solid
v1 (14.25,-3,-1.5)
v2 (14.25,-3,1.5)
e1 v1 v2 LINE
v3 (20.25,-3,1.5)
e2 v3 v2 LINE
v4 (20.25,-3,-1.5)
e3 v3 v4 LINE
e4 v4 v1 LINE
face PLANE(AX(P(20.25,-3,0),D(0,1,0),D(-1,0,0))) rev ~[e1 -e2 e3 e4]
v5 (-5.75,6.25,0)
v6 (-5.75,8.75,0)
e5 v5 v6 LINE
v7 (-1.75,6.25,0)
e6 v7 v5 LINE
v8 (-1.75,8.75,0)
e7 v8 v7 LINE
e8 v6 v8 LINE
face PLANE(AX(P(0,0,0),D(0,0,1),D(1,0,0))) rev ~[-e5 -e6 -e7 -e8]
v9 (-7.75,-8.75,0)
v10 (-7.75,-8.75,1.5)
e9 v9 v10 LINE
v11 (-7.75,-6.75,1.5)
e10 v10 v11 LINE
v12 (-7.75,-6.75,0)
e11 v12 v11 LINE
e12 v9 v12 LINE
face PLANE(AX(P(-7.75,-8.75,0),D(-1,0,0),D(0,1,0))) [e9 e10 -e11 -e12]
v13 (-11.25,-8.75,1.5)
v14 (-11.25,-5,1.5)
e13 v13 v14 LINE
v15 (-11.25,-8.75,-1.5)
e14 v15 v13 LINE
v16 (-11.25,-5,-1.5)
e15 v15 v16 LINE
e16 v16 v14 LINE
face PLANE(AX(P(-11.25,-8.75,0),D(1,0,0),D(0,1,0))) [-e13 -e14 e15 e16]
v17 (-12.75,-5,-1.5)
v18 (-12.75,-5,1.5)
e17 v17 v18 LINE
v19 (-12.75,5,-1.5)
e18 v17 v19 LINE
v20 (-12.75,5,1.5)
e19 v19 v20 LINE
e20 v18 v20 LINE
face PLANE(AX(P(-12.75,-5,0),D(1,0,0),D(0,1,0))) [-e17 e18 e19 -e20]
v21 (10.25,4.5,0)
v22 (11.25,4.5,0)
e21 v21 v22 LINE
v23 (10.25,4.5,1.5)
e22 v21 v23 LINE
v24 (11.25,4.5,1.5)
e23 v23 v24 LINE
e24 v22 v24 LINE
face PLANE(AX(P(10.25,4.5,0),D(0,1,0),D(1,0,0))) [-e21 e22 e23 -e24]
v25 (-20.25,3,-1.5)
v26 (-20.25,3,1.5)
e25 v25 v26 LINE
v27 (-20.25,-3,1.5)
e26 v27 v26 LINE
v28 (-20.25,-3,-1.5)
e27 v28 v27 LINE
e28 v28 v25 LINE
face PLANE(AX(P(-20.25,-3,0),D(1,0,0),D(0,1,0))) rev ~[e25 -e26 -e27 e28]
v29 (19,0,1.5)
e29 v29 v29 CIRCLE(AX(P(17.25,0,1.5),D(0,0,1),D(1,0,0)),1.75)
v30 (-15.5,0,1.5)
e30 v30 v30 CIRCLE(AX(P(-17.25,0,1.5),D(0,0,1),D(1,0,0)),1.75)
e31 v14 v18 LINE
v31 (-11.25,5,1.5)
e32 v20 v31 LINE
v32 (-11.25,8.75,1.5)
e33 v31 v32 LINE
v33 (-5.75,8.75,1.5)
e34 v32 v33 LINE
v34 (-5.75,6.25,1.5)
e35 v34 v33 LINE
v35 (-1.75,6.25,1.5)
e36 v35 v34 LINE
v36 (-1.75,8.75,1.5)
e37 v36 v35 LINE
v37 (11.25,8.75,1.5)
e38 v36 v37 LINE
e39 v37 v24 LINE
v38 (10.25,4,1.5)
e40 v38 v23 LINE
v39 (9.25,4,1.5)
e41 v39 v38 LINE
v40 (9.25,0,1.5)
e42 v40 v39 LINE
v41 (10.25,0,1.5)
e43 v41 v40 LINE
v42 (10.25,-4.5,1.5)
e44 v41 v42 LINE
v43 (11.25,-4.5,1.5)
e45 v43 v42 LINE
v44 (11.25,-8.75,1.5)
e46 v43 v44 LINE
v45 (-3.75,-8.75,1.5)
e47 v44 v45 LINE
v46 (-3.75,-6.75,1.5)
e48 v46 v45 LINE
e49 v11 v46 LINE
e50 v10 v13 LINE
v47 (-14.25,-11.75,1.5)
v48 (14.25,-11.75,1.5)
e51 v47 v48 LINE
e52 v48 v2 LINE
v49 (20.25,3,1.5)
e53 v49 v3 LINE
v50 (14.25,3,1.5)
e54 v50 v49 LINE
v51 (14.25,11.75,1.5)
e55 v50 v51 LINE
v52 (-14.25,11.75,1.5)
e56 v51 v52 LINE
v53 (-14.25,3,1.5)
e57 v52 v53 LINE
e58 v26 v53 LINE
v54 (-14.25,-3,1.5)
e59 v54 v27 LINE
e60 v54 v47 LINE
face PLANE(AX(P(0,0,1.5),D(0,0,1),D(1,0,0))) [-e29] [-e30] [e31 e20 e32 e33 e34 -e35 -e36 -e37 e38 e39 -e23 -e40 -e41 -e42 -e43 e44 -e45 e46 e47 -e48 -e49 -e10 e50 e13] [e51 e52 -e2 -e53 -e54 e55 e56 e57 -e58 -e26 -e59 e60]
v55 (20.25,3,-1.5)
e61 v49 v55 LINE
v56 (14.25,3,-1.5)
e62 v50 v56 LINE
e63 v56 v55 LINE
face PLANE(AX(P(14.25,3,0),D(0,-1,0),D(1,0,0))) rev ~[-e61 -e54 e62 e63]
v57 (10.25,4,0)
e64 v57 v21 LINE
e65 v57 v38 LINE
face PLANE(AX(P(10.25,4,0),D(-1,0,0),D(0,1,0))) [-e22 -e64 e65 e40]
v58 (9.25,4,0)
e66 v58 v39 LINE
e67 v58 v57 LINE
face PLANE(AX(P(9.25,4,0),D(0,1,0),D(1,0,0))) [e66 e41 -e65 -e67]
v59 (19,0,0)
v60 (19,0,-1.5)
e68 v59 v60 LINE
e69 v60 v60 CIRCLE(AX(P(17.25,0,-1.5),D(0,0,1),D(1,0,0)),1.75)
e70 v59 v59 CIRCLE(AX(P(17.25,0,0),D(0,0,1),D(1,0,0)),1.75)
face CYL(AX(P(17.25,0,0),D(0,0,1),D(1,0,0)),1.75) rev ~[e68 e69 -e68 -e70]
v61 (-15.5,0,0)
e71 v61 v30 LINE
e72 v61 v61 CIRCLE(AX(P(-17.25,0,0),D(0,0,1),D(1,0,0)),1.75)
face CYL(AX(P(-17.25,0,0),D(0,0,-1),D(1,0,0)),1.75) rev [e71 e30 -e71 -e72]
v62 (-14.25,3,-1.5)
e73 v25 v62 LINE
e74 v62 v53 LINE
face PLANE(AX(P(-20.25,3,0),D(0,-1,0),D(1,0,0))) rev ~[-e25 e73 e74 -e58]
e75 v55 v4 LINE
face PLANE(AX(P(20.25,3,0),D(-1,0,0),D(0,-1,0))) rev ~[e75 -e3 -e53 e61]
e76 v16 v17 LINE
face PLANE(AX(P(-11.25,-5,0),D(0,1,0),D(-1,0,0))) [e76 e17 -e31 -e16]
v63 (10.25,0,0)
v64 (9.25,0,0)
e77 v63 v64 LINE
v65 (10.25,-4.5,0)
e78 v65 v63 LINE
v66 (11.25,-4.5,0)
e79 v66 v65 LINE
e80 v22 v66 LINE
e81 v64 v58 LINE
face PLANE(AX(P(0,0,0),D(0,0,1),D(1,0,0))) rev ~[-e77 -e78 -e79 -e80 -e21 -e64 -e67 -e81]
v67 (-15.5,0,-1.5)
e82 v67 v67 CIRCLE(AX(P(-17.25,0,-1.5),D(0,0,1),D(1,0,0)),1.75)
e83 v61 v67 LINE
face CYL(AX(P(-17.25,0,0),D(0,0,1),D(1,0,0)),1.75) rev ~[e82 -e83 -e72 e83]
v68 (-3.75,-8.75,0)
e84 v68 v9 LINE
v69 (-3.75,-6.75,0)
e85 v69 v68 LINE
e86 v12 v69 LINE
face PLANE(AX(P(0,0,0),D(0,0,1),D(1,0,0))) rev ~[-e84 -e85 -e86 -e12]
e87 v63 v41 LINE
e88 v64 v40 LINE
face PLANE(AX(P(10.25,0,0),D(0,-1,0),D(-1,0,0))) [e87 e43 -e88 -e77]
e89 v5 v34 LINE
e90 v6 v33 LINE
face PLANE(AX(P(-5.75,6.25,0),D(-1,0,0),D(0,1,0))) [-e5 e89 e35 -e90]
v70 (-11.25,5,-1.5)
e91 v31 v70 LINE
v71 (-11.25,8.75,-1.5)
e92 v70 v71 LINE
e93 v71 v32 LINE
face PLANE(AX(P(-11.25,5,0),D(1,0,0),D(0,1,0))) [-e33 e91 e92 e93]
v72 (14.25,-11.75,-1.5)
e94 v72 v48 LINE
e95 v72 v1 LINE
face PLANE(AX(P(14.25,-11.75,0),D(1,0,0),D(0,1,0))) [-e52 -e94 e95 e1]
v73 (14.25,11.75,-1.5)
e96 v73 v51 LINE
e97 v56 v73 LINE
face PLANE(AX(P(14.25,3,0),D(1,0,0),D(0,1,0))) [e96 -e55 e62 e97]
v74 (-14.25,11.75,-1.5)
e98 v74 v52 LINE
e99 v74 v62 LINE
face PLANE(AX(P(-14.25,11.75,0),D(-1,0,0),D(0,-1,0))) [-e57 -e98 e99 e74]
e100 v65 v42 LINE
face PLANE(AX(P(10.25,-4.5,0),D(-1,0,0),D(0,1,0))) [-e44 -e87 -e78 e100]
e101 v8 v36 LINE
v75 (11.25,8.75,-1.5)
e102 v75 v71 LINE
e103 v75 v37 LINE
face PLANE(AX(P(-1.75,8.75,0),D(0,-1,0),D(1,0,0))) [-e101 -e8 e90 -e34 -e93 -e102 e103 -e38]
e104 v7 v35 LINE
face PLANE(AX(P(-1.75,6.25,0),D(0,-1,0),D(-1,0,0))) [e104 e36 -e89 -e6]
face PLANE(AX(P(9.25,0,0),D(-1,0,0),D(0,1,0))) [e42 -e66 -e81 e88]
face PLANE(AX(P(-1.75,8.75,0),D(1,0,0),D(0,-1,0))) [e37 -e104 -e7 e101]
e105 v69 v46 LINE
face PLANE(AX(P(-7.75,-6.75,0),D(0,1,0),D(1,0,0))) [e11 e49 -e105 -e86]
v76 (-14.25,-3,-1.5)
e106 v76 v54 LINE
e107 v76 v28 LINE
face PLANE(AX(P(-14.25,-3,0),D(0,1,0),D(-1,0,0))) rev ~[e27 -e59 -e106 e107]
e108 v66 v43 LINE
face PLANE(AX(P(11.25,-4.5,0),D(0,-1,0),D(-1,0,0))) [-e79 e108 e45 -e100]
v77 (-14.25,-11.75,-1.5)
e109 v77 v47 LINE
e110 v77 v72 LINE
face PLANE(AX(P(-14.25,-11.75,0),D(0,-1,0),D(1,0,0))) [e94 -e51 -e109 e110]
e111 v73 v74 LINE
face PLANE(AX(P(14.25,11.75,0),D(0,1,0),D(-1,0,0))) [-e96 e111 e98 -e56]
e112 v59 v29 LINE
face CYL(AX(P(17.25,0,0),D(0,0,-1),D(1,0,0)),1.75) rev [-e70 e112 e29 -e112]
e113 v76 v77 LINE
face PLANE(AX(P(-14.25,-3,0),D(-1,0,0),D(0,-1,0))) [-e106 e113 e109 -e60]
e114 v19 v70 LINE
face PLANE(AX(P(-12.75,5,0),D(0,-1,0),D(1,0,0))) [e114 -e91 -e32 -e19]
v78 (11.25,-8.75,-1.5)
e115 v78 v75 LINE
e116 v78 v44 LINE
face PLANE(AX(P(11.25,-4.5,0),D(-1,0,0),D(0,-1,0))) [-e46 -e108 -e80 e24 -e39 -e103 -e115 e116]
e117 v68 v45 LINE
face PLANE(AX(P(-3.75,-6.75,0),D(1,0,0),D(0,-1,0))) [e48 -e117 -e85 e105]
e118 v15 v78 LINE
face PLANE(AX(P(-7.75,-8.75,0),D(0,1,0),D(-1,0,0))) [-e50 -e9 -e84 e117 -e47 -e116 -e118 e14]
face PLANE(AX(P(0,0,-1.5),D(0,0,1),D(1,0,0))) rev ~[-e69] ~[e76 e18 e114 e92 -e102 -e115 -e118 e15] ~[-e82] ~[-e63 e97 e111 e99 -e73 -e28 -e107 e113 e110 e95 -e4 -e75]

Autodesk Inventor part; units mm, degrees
ref_plane "YZ Plane" through (0, 0, 0) normal (1, 0, 0) x (0, 1, 0)
ref_plane "XZ Plane" through (0, 0, 0) normal (0, 1, 0) x (-1, 0, 0)
ref_plane "XY Plane" through (0, 0, 0) normal (0, 0, 1) x (1, 0, 0)
sketch "shape" plane through (0, 0, 0) normal (0, 0, 1) x (1, 0, 0)
  line L0 (-11.25, 8.75) -> (11.25, 8.75)
  line L1 (11.25, 8.75) -> (11.25, -8.75)
  line L2 (11.25, -8.75) -> (-11.25, -8.75)
  line L3 (-11.25, -8.75) -> (-11.25, 8.75)
  line L4 (14.25, 11.75) -> (-14.25, 11.75)
  line L5 (-14.25, 11.75) -> (-14.25, -11.75)
  line L6 (-14.25, -11.75) -> (14.25, -11.75)
  line L7 (14.25, -11.75) -> (14.25, 11.75)
  line L8 (-12.75, 5) -> (-11.25, 5)
  line L9 (-11.25, 5) -> (-11.25, -5)
  line L10 (-11.25, -5) -> (-12.75, -5)
  line L11 (-12.75, -5) -> (-12.75, 5)
  line L12 (-7.75, -6.75) -> (-3.75, -6.75)
  line L13 (-3.75, -6.75) -> (-3.75, -8.75)
  line L14 (-3.75, -8.75) -> (-7.75, -8.75)
  line L15 (-7.75, -8.75) -> (-7.75, -6.75)
  line L16 (10.25, 4.5) -> (11.25, 4.5)
  line L17 (11.25, 4.5) -> (11.25, -4.5)
  line L18 (11.25, -4.5) -> (10.25, -4.5)
  line L19 (10.25, -4.5) -> (10.25, 4.5)
  line L20 (10.25, 1.5) -> (10.25, -1.5)
  line L21 (-5.75, 8.75) -> (-1.75, 8.75)
  line L22 (-1.75, 8.75) -> (-1.75, 6.25)
  line L23 (-1.75, 6.25) -> (-5.75, 6.25)
  line L24 (-5.75, 6.25) -> (-5.75, 8.75)
  line L25 (-20.25, 3) -> (-14.25, 3)
  line L26 (-14.25, 3) -> (-14.25, -3)
  line L27 (-14.25, -3) -> (-20.25, -3)
  line L28 (-20.25, -3) -> (-20.25, 3)
  line L29 (14.25, 3) -> (20.25, 3)
  line L30 (20.25, 3) -> (20.25, -3)
  line L31 (20.25, -3) -> (14.25, -3)
  line L32 (14.25, -3) -> (14.25, 3)
  circle A0 centre (-17.25, 0) radius 1.75
  circle A1 centre (17.25, 0) radius 1.75
  line L33 (9.25, 4) -> (10.25, 4)
  line L34 (10.25, 4) -> (10.25, 0)
  line L35 (10.25, 0) -> (9.25, 0)
  line L36 (9.25, 0) -> (9.25, 4)
  point P0 (0, 0)
  point P1 (0, 8.75)
  point P2 (11.25, 0)
  point P3 (-12.75, 0)
  point P4 (10.25, 0)
  point P5 (-14.25, 0)
  point P6 (14.25, 0)
  point P7 (-14.25, 0)
  point P8 (14.25, 0)
  point P9 (17.25, 3)
  point P10 (-17.25, 3)
  dimension "d0" = 22.5
  dimension "d1" = 17.5
  dimension "d2" = 3
  dimension "d3" = 1.5
  dimension "d4" = 10
  dimension "d5" = 4
  dimension "d6" = 2
  dimension "d7" = 3.5
  dimension "d8" = 1
  dimension "d9" = 9
  dimension "d12" = 4
  dimension "d13" = 2.5
  dimension "d14" = 13
  dimension "d19" = 6
  dimension "d22" = 3.5
  dimension "d23" = 4
  dimension "d24" = 4.5
  dimension "d25" = 1
extrude "around pcb" add sketch "shape" against normal blind 1.5
extrude "over pcb" add sketch "shape" along normal blind 1.5 contours L0 L22 L23 L24 | L1 L18 L19 L16 | L15 L12 L13 L2 | L19 L35 L36 L33 | L7 L6 L5 L4 | L29 L30 L31 L7 | L5 L27 L28 L25
properties part number "TP4056_long_holder"
